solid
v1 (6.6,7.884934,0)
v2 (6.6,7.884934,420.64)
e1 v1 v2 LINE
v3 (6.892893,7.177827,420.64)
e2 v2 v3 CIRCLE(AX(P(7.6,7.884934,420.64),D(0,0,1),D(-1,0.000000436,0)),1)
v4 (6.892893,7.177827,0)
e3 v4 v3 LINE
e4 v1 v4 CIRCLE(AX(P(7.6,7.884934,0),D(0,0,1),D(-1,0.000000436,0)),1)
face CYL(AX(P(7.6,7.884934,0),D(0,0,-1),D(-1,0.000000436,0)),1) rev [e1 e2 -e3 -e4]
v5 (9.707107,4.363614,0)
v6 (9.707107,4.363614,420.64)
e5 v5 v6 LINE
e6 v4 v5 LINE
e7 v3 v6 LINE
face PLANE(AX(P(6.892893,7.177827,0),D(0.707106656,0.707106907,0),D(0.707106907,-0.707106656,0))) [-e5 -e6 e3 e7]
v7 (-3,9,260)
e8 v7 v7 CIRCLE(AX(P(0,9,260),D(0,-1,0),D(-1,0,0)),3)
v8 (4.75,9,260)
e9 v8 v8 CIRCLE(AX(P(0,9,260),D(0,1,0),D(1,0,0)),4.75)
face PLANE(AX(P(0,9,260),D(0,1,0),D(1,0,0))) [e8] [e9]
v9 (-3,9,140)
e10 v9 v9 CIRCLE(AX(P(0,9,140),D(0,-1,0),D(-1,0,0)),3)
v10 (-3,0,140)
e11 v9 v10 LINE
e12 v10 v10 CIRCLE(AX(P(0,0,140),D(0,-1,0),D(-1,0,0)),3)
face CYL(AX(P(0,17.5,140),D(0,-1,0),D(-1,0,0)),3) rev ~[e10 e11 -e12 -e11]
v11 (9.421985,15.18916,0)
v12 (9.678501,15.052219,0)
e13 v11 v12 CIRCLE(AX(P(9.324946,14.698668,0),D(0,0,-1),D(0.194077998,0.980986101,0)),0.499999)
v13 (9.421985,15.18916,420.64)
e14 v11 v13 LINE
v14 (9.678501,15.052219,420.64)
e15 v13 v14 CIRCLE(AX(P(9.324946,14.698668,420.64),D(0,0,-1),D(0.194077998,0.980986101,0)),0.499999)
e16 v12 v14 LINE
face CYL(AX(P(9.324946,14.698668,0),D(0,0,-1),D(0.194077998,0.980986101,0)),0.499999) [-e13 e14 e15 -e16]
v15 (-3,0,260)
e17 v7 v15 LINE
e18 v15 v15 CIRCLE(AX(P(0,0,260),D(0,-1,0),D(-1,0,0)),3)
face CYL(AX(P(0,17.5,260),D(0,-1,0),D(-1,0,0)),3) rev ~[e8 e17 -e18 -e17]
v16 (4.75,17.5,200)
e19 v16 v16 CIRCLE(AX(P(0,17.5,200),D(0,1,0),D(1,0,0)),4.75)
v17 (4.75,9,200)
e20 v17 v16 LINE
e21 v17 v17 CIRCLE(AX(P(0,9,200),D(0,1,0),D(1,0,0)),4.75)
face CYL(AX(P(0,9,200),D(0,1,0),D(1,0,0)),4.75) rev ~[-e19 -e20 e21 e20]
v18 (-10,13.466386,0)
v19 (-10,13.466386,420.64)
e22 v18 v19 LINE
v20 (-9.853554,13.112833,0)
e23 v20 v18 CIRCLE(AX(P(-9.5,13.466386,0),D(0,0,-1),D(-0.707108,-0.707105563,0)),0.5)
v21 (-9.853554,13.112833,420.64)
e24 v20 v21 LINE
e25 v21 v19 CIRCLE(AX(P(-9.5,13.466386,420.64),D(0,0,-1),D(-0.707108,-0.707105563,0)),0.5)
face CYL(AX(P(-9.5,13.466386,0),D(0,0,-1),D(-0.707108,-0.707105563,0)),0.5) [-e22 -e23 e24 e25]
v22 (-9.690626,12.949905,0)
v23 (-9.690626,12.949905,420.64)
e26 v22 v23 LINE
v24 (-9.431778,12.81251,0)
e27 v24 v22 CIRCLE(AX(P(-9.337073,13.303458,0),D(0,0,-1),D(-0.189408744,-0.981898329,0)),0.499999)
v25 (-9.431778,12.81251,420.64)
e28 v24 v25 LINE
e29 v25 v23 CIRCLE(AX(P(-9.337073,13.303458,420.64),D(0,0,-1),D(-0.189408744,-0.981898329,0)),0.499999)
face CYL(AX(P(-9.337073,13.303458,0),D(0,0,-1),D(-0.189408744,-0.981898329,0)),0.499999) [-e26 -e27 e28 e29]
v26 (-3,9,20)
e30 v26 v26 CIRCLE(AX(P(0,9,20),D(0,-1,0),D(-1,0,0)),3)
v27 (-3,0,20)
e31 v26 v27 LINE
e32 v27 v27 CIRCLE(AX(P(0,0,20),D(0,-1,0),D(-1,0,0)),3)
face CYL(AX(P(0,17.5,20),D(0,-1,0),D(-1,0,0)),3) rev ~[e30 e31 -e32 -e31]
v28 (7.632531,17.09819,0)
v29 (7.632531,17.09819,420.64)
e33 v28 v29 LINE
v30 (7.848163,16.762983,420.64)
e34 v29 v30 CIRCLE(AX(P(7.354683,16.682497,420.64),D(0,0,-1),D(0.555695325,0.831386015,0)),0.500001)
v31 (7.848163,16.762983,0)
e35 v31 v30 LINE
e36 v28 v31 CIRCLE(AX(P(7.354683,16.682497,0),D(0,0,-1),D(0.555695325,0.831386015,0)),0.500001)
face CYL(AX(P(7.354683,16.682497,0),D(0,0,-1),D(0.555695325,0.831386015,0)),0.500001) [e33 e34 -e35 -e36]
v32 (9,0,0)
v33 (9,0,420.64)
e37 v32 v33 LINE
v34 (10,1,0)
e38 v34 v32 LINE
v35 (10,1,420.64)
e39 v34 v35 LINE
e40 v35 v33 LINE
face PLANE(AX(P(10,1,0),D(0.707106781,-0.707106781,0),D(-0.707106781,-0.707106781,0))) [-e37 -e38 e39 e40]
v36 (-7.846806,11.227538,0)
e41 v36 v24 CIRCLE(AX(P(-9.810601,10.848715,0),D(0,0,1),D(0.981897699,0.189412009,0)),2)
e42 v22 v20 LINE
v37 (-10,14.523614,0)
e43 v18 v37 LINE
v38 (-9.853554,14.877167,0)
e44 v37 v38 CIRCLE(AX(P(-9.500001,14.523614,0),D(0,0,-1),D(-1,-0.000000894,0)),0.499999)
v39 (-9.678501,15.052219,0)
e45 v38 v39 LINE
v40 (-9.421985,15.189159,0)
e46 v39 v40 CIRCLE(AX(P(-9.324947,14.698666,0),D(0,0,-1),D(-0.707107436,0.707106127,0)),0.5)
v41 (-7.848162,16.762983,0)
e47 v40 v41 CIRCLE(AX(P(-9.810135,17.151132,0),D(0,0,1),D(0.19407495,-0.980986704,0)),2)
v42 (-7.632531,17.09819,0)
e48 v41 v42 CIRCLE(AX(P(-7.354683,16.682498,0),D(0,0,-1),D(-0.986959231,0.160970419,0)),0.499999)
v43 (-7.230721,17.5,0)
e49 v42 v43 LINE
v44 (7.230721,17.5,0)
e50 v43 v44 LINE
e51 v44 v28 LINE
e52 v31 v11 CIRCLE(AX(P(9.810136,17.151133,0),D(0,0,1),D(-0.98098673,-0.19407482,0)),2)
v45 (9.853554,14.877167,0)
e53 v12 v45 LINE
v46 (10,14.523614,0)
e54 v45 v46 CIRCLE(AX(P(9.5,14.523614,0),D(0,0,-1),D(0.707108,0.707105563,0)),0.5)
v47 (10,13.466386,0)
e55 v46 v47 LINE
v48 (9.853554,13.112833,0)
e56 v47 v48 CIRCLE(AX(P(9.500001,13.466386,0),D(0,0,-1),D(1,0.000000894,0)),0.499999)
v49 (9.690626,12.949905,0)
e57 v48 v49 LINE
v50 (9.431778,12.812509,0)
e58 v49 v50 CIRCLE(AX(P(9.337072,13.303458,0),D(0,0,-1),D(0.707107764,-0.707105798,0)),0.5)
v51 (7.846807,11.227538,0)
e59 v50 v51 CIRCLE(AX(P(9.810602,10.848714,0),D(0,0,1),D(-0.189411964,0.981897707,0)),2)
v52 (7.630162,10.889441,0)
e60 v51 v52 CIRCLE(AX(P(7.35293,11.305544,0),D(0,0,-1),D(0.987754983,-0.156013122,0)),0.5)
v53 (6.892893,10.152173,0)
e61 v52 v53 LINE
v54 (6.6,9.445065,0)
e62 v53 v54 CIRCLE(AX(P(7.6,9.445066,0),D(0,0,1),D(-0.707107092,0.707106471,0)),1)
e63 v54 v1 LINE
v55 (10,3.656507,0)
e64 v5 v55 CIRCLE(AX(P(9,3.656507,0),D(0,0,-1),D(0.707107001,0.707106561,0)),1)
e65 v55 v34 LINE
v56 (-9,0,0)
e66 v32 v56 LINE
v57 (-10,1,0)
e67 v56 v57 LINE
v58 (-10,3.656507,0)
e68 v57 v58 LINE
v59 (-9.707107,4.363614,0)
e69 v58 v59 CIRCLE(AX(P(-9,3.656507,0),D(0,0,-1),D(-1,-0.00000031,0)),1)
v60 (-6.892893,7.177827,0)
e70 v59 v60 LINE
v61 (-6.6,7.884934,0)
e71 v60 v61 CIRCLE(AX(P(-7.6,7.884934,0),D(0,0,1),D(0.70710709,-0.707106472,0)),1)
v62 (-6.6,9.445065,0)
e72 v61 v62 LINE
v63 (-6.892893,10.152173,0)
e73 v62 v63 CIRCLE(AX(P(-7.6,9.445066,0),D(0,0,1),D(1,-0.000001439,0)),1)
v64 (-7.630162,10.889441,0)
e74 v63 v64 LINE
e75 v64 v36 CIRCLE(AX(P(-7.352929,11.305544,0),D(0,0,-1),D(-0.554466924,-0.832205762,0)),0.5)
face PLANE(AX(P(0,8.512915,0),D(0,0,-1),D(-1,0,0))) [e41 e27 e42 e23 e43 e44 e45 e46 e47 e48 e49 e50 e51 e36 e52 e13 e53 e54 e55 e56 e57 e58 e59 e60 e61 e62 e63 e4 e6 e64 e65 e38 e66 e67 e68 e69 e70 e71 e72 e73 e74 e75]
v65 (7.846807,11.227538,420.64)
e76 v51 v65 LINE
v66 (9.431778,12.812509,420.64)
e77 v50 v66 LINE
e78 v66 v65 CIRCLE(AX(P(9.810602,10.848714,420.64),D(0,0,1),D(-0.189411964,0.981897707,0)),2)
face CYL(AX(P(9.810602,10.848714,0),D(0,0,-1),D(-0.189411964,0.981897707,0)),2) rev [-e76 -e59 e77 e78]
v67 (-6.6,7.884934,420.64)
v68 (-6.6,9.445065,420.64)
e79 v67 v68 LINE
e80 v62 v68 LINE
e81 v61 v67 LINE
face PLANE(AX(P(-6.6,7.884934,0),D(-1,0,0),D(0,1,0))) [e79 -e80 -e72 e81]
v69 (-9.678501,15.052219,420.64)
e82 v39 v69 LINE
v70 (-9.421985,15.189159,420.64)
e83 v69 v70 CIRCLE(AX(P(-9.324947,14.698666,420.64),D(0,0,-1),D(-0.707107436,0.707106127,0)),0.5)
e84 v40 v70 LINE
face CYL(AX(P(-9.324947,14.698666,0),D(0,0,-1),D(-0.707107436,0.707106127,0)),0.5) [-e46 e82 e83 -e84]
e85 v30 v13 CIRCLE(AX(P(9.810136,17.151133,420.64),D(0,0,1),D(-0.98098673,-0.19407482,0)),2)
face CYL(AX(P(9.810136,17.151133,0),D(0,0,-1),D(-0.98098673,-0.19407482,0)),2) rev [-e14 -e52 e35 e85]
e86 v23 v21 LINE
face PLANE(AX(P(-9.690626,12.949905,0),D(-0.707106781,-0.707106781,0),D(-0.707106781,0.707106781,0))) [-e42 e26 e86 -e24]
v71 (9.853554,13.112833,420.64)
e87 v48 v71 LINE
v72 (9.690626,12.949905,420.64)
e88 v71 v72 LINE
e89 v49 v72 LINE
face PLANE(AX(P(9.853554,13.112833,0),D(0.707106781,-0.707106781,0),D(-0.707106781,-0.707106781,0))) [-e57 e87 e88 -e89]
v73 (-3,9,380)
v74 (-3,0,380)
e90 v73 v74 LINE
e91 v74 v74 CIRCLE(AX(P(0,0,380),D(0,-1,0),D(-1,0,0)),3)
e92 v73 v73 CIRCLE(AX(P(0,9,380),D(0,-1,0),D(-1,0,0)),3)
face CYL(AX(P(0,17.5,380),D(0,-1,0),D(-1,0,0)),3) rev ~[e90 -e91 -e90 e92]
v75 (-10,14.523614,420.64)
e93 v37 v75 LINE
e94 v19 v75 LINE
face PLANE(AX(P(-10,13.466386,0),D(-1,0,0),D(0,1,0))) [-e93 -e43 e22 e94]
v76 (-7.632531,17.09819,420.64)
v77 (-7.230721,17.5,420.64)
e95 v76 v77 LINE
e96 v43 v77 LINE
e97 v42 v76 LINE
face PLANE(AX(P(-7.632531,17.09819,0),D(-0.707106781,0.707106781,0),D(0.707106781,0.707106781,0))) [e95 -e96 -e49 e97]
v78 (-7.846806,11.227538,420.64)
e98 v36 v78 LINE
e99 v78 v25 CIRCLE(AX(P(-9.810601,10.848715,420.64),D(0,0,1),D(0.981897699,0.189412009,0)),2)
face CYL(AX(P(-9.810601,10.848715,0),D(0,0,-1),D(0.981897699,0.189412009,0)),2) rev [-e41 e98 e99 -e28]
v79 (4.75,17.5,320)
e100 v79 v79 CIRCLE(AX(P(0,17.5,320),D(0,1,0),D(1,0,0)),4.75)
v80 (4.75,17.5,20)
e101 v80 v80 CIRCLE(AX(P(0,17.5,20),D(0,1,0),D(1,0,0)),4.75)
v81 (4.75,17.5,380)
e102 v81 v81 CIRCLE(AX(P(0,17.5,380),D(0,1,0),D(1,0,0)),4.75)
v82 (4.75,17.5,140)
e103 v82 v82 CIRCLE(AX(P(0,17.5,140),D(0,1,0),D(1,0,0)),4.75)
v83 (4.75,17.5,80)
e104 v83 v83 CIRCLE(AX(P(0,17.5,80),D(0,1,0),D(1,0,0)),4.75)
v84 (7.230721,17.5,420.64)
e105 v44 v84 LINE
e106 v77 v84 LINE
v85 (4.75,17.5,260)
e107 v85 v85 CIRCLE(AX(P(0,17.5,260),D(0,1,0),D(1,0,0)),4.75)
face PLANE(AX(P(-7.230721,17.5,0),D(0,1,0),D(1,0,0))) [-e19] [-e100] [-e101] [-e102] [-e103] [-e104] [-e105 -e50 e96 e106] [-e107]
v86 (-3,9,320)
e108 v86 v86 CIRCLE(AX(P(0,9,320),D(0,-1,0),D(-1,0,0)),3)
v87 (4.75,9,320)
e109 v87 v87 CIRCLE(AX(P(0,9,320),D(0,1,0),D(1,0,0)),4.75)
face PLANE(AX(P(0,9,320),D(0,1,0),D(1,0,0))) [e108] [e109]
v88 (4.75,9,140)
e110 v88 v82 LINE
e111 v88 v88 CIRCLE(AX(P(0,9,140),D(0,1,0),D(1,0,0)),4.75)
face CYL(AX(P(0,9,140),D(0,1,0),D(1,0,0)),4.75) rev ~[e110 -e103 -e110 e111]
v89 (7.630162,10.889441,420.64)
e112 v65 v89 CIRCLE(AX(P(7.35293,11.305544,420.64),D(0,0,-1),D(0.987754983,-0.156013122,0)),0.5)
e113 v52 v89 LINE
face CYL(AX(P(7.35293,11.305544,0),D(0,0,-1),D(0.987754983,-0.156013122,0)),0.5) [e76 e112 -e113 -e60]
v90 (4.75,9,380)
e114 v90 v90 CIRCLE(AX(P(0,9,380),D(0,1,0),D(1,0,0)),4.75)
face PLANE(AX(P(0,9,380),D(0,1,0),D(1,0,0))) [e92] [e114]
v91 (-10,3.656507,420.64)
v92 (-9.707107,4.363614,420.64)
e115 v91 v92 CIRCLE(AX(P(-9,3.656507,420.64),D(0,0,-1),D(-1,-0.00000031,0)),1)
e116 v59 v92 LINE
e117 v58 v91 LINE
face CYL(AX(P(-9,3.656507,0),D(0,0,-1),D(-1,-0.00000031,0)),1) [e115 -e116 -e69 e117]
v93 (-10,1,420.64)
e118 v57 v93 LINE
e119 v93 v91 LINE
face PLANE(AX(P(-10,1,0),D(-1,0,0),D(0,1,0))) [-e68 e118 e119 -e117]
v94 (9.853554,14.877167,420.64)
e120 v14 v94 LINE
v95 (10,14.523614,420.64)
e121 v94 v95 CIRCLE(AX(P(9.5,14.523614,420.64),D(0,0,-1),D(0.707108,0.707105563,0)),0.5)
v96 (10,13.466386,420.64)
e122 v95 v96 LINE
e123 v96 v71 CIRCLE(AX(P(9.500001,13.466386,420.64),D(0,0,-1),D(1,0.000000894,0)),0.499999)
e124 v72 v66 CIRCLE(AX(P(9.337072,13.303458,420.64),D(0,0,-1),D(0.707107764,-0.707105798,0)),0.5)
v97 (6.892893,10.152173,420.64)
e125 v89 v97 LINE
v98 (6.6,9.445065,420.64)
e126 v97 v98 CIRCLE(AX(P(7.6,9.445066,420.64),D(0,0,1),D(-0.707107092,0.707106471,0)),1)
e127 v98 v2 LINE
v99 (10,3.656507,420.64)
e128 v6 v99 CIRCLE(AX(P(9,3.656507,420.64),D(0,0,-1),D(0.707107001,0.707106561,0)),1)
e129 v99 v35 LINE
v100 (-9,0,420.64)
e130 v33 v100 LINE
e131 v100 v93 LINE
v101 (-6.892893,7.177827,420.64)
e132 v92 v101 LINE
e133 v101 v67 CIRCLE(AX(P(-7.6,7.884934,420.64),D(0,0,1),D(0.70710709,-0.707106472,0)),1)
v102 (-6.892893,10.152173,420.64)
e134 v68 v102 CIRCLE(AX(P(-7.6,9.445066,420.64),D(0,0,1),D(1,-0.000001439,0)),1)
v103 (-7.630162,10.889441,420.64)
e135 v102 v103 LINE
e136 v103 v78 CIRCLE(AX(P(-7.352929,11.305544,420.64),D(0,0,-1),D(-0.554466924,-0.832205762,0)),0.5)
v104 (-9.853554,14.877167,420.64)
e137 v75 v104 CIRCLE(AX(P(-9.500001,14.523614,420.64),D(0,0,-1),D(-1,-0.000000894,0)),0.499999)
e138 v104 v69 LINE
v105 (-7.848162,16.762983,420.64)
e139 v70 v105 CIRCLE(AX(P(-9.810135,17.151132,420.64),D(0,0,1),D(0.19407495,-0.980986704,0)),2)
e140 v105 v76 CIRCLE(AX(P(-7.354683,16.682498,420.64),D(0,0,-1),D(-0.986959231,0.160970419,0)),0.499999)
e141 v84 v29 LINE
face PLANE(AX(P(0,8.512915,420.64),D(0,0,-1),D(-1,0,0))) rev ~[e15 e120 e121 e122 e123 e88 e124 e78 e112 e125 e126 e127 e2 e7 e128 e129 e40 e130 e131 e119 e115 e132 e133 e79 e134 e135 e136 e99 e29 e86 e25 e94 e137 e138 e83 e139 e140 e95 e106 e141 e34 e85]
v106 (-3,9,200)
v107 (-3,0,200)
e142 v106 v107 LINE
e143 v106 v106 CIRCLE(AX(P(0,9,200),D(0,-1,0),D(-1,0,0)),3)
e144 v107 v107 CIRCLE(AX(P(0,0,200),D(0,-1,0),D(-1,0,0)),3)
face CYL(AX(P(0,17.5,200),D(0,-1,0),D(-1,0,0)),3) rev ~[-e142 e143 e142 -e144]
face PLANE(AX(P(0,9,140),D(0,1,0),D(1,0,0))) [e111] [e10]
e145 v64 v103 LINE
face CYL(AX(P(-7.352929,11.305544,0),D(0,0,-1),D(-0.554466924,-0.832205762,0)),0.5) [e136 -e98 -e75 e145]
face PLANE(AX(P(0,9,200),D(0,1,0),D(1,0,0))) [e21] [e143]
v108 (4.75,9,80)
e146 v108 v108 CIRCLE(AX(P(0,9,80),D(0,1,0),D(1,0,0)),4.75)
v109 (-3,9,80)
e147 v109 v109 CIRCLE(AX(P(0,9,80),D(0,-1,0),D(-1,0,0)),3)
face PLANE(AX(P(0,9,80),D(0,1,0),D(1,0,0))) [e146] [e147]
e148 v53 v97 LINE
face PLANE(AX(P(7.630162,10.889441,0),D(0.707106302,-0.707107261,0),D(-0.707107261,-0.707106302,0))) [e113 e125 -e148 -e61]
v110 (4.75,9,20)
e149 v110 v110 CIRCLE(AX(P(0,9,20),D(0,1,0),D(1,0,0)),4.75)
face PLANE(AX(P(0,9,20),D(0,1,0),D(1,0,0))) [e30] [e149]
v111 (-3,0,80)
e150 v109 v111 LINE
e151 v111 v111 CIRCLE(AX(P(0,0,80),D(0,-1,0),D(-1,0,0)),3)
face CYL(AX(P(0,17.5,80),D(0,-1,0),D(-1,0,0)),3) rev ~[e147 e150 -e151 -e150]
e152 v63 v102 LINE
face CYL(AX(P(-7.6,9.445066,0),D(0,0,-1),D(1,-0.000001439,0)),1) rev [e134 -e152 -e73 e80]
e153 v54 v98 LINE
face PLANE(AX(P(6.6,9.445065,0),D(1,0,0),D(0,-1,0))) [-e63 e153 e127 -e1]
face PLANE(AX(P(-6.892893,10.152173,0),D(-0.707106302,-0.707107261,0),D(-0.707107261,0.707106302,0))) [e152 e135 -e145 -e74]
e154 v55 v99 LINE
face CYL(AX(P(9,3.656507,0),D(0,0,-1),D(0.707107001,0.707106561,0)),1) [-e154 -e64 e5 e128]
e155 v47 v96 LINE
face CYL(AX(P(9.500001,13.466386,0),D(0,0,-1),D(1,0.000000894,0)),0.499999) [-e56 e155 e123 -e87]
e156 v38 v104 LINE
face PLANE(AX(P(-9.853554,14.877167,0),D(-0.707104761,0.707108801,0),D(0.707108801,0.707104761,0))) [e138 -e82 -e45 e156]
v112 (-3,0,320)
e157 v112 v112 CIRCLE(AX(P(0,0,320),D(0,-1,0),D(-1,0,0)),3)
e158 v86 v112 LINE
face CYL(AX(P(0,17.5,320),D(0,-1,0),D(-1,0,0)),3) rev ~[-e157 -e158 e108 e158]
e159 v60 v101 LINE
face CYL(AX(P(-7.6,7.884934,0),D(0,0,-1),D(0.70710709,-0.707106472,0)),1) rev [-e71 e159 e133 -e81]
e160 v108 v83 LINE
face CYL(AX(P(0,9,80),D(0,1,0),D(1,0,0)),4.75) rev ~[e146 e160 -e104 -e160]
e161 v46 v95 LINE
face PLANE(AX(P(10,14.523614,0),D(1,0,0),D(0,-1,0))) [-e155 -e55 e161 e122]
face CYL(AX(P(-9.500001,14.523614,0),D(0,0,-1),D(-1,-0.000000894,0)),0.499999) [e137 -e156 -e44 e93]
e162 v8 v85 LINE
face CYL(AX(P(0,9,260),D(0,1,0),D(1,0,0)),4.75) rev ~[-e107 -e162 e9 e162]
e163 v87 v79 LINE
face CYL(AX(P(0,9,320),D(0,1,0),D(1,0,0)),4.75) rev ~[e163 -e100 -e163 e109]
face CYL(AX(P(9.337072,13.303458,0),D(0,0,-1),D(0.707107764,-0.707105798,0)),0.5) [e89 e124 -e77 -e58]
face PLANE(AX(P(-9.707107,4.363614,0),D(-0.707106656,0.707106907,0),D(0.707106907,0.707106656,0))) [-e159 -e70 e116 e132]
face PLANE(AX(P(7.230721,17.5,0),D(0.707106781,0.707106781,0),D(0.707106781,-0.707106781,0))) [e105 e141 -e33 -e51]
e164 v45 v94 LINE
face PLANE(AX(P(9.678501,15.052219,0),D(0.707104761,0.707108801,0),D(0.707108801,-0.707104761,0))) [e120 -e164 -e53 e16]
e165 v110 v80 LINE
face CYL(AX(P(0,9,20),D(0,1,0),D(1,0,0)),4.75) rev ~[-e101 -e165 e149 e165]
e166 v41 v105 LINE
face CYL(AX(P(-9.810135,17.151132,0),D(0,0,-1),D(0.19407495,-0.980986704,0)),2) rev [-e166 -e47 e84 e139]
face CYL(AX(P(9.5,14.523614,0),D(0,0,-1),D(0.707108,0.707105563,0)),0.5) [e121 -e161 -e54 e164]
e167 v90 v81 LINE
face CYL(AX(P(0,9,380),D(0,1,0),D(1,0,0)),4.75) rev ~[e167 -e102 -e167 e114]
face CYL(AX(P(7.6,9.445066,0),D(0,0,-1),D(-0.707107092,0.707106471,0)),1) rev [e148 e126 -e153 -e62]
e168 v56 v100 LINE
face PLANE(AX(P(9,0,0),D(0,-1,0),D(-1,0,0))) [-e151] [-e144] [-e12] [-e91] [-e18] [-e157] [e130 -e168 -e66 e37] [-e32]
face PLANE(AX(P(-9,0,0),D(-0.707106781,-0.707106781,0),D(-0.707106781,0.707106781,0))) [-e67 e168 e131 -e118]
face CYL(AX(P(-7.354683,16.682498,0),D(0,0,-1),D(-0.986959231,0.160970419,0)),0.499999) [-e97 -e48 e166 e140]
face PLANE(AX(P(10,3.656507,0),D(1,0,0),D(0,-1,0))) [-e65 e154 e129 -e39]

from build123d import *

# Parameters (mm, degrees)
BOSS_EXTRUDE1_DEPTH                     = 420.64
CBORE_FOR_M5_HEX_HEAD_BOLT1_D           = 6
CBORE_FOR_M5_HEX_HEAD_BOLT1_CBORE_D     = 9.5
CBORE_FOR_M5_HEX_HEAD_BOLT1_CBORE_DEPTH = 8.5


with BuildPart() as part:
    # Model → Boss-Extrude1 (new body)
    with BuildSketch(Plane.XY):
        with BuildLine():
            Line((-9, 0), (-10, 1))
            Line((-10, 1), (-10, 3.656507))
            ThreePointArc((-10, 3.656507), (-9.923879652, 4.039190515), (-9.707107, 4.363614))
            Line((-9.707107, 4.363614), (-6.892893, 7.177827))
            ThreePointArc((-6.892893, 7.177827), (-6.676120348, 7.502250485), (-6.6, 7.884934))
            Line((-6.6, 7.884934), (-6.6, 9.445065))
            ThreePointArc((-6.6, 9.445065), (-6.676120133, 9.827749063), (-6.892893, 10.152173))
            Line((-6.892893, 10.152173), (-7.630162, 10.889441))
            ThreePointArc((-7.630162, 10.889441), (-7.773916111, 11.035785789), (-7.846806076, 11.22753848))
            ThreePointArc((-7.846806076, 11.22753848), (-8.396387934, 12.262927951), (-9.431777507, 12.812509617))
            ThreePointArc((-9.431777507, 12.812509617), (-9.571493724, 12.861817566), (-9.690626, 12.949905))
            Line((-9.690626, 12.949905), (-9.853554, 13.112833))
            ThreePointArc((-9.853554, 13.112833), (-9.961939973, 13.275044564), (-10, 13.466386))
            Line((-10, 13.466386), (-10, 14.523614))
            ThreePointArc((-10, 14.523614), (-9.961940015, 14.714955453), (-9.853554, 14.877167))
            Line((-9.853554, 14.877167), (-9.678501, 15.052219))
            ThreePointArc((-9.678501, 15.052219), (-9.560417777, 15.139748282), (-9.421985167, 15.189159165))
            ThreePointArc((-9.421985167, 15.189159165), (-8.395921393, 15.736919214), (-7.848161791, 16.762983227))
            ThreePointArc((-7.848161791, 16.762983227), (-7.775191189, 16.953001466), (-7.632531, 17.09819))
            Line((-7.632531, 17.09819), (-7.230721, 17.5))
            Line((-7.230721, 17.5), (7.230721, 17.5))
            Line((7.230721, 17.5), (7.632531, 17.09819))
            ThreePointArc((7.632531, 17.09819), (7.775191683, 16.953001656), (7.848162914, 16.762983433))
            ThreePointArc((7.848162914, 16.762983433), (8.395922282, 15.736920132), (9.421985254, 15.189160148))
            ThreePointArc((9.421985254, 15.189160148), (9.560417914, 15.139748806), (9.678501, 15.052219))
            Line((9.678501, 15.052219), (9.853554, 14.877167))
            ThreePointArc((9.853554, 14.877167), (9.961939973, 14.714955436), (10, 14.523614))
            Line((10, 14.523614), (10, 13.466386))
            ThreePointArc((10, 13.466386), (9.961940015, 13.275044547), (9.853554, 13.112833))
            Line((9.853554, 13.112833), (9.690626, 12.949905))
            ThreePointArc((9.690626, 12.949905), (9.571494062, 12.861817368), (9.431778146, 12.812509028))
            ThreePointArc((9.431778146, 12.812509028), (8.39638873, 12.262927298), (7.846806979, 11.227537892))
            ThreePointArc((7.846806979, 11.227537892), (7.77391648, 11.035785414), (7.630162, 10.889441))
            Line((7.630162, 10.889441), (6.892893, 10.152173))
            ThreePointArc((6.892893, 10.152173), (6.676120157, 9.827749053), (6.6, 9.445065))
            Line((6.6, 9.445065), (6.6, 7.884934))
            ThreePointArc((6.6, 7.884934), (6.676120325, 7.502250475), (6.892893, 7.177827))
            Line((6.892893, 7.177827), (9.707107, 4.363614))
            ThreePointArc((9.707107, 4.363614), (9.923879675, 4.039190525), (10, 3.656507))
            Line((10, 3.656507), (10, 1))
            Line((10, 1), (9, 0))
            Line((9, 0), (-9, 0))
        make_face()
    extrude(amount=BOSS_EXTRUDE1_DEPTH)

    # CBORE for M5 Hex Head Bolt1 (through all)
    with Locations(Plane(origin=(0, 17.5, 0), x_dir=(1, 0, 0), z_dir=(0, 1, 0))):
        with Locations((0, -20), (0, -80), (0, -140), (0, -200), (0, -260), (0, -320), (0, -380), (0, -440), (0, -500), (0, -560), (0, -620), (0, -680), (0, -740), (0, -800), (0, -860), (0, -920), (0, -980)):
            CounterBoreHole(CBORE_FOR_M5_HEX_HEAD_BOLT1_D / 2, CBORE_FOR_M5_HEX_HEAD_BOLT1_CBORE_D / 2, CBORE_FOR_M5_HEX_HEAD_BOLT1_CBORE_DEPTH)


solid = part.part
